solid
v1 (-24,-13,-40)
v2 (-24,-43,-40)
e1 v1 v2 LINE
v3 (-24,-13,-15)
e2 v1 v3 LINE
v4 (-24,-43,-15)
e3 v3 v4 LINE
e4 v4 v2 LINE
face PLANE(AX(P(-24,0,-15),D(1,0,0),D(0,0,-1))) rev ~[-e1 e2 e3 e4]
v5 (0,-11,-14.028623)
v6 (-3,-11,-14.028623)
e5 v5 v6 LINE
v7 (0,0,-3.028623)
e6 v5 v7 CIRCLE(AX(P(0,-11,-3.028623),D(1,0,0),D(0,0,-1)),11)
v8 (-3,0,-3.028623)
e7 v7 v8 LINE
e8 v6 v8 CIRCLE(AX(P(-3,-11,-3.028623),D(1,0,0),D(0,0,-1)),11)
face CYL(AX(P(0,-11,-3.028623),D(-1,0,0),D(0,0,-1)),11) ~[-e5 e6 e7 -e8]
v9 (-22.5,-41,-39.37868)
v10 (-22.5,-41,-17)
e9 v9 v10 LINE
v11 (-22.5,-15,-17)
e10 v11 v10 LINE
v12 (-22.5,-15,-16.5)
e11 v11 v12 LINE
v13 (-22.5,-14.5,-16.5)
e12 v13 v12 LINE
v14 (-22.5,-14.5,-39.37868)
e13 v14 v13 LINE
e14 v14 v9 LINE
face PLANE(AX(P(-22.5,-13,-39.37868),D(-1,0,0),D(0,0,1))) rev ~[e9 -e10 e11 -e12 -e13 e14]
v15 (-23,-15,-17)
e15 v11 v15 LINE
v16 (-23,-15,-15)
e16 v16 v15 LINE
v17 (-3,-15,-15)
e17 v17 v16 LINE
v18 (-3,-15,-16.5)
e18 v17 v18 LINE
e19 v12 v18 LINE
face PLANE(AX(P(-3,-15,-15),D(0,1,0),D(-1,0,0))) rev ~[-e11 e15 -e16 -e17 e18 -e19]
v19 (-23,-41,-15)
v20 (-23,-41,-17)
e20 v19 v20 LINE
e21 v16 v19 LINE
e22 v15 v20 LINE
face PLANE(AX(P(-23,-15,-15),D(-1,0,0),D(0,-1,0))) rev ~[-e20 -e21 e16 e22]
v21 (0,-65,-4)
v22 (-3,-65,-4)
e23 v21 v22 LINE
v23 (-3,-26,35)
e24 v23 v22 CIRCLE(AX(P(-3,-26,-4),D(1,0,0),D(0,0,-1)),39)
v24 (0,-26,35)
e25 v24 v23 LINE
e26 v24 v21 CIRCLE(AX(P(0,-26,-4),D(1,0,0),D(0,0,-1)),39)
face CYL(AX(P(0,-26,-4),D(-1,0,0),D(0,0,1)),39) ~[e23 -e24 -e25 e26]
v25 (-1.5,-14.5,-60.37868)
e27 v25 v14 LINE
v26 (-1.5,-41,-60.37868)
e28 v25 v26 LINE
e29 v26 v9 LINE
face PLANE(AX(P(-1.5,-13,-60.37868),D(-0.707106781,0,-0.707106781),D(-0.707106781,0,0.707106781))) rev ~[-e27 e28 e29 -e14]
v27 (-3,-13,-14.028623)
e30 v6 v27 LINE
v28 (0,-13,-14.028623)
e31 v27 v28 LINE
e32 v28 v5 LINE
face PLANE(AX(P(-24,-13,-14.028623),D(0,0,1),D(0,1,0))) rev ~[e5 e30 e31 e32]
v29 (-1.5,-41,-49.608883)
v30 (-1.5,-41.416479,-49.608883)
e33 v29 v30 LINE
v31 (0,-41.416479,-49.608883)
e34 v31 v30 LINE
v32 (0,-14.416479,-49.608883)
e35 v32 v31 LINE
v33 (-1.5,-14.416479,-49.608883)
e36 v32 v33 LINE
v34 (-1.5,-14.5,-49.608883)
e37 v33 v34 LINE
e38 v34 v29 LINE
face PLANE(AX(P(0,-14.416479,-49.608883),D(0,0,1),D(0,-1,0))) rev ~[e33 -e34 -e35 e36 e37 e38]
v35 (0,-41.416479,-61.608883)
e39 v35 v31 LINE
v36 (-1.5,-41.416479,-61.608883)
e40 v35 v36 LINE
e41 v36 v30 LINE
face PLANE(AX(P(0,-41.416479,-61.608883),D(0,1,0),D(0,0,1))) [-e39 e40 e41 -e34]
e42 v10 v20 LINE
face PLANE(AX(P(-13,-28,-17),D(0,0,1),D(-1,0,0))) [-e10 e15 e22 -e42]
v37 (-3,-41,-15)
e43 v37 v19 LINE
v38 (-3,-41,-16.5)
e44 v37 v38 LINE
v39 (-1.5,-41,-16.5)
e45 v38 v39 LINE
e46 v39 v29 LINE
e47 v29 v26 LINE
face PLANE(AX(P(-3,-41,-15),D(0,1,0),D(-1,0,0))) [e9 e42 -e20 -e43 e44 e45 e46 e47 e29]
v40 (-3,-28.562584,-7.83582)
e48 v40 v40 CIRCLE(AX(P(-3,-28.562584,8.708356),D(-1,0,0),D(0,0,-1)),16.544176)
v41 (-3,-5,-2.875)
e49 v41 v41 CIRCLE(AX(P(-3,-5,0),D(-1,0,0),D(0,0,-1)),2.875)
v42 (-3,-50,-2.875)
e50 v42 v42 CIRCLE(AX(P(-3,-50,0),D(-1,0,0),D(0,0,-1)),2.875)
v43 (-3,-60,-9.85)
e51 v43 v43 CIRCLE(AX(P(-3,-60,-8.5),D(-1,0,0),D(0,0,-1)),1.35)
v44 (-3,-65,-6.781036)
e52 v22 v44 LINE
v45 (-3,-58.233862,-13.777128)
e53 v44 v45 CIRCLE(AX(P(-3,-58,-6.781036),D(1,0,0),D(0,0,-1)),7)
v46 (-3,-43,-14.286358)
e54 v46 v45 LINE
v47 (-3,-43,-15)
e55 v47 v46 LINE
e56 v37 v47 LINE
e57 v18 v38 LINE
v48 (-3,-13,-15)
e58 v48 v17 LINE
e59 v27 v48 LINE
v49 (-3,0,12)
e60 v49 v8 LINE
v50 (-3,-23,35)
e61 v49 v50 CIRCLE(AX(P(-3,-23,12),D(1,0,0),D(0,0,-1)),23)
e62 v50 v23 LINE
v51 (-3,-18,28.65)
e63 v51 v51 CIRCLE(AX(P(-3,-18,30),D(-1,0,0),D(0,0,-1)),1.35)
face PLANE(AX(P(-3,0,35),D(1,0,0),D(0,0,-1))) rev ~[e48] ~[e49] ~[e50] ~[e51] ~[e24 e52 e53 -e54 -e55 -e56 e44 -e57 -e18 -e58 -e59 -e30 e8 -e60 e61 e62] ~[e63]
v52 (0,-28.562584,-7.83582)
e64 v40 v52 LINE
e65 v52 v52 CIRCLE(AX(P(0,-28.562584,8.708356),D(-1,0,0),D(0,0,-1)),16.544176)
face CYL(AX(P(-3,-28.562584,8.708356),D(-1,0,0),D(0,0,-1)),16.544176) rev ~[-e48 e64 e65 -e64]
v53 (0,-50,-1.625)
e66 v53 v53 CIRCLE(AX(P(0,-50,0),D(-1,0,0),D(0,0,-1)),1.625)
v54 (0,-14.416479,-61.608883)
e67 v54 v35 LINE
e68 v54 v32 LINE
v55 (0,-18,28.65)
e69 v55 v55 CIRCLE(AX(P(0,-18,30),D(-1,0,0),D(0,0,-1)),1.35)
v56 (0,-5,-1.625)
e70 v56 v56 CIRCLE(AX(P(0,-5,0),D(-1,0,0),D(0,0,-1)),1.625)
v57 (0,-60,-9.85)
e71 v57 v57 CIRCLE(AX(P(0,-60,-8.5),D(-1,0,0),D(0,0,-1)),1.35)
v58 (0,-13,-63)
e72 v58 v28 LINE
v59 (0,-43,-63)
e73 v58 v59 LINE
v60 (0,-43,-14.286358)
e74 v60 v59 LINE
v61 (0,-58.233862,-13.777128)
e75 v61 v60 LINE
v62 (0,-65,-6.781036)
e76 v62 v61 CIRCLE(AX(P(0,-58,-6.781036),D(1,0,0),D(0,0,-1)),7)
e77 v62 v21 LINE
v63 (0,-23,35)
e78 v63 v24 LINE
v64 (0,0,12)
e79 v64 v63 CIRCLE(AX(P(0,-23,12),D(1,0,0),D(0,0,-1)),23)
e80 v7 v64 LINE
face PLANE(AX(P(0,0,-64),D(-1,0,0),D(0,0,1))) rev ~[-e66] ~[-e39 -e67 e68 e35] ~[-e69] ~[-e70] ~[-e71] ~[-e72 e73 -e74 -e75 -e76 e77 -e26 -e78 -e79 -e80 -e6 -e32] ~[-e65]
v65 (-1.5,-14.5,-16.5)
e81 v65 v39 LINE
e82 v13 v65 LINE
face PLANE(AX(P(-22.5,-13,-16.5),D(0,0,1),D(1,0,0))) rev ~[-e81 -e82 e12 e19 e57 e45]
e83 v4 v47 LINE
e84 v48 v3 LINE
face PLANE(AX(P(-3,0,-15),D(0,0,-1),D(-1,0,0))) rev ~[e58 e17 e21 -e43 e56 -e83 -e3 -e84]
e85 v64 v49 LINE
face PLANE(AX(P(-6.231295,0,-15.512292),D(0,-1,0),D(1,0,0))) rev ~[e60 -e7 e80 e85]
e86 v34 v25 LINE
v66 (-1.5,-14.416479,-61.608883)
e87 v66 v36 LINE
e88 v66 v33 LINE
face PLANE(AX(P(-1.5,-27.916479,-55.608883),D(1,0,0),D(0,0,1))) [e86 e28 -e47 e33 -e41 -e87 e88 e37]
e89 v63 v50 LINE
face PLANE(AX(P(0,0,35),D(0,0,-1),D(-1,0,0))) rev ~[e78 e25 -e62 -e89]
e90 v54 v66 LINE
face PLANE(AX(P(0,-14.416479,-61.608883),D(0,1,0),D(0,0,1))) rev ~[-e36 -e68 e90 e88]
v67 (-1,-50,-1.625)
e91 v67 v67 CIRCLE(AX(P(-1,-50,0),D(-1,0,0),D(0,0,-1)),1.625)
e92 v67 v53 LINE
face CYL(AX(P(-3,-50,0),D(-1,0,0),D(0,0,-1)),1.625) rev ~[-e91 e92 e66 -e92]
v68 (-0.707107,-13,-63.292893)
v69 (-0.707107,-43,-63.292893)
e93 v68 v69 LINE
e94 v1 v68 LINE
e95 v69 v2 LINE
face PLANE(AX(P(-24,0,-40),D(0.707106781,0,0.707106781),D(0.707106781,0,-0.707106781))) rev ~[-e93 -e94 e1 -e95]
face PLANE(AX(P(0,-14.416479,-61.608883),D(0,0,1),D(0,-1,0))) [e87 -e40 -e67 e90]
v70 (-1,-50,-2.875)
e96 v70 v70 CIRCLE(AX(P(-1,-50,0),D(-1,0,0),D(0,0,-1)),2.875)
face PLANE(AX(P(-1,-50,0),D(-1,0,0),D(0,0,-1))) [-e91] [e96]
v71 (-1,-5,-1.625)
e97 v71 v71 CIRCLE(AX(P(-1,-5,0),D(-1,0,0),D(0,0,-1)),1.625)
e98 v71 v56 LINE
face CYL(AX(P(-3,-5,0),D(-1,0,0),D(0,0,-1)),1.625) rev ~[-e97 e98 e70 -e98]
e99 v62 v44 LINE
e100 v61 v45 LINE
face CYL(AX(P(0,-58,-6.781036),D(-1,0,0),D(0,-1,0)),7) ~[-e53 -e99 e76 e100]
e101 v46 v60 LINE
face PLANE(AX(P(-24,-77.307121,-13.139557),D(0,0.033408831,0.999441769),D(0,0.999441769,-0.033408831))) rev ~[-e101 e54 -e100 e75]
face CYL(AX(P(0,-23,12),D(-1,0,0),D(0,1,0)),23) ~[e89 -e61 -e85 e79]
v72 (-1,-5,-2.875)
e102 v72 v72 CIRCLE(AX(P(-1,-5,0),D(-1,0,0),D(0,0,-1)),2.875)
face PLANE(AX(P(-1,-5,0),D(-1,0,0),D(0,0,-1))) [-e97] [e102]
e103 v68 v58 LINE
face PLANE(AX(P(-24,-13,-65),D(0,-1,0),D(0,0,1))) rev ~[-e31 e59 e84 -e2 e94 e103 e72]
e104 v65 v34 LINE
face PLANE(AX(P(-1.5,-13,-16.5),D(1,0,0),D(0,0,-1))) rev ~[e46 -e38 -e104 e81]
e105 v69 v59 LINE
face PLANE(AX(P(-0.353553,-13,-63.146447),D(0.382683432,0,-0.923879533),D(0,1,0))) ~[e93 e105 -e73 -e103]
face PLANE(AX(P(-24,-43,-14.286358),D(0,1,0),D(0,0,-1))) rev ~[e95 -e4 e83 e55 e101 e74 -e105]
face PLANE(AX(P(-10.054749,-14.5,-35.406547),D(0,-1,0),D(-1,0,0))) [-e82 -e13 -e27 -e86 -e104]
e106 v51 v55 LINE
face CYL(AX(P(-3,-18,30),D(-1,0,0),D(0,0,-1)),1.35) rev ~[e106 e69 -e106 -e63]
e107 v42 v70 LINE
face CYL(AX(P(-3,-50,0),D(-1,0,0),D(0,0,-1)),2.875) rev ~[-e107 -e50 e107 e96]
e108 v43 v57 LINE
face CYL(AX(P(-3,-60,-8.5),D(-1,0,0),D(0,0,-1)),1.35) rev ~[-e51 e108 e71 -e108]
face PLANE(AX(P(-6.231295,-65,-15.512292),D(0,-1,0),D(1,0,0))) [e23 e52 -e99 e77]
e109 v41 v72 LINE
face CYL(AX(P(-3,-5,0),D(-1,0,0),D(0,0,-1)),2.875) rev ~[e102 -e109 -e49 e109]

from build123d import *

# Parameters (mm, degrees)
PAD_DEPTH       = 65
SKETCH052_R     = 1.625
POCKET_DEPTH    = 5
SKETCH053_R     = 2.875
POCKET001_DEPTH = 2
SKETCH054_R     = 1.35
POCKET002_DEPTH = 5
SKETCH055_W     = 20
SKETCH055_H     = 26
POCKET003_DEPTH = 2
POCKET004_DEPTH = 28
POCKET005_DEPTH = 28
PAD001_DEPTH    = 1.5
SKETCH062_W     = 12
SKETCH062_H     = 27
POCKET006_DEPTH = 1.5
CHAMFER_SIZE    = 1
FILLET_R        = 11
FILLET001_R     = 23
FILLET002_R     = 39
FILLET003_R     = 7
SKETCH063_R     = 16.544176
POCKET007_DEPTH = 5


with BuildPart() as part:
    # Sketch → Pad (new body)
    with BuildSketch(Plane.XZ):
        Polygon((0, -64), (0, 35), (-3, 35), (-3, -15), (-24, -15), (-24, -40), align=None)
    extrude(amount=PAD_DEPTH)

    # Sketch052 (on Face3 of Pad) → Pocket (cut)
    with BuildSketch(Plane(origin=(-3, 0, 0), x_dir=(0, 0, -1), z_dir=(-1, 0, 0))):
        with Locations((0, 5)):
            Circle(SKETCH052_R)
        with Locations((0, 50)):
            Circle(SKETCH052_R)
    extrude(amount=-POCKET_DEPTH, mode=Mode.SUBTRACT)

    # Sketch053 (on Face9 of Pocket) → Pocket001 (cut)
    with BuildSketch(Plane(origin=(-3, 0, 0), x_dir=(0, 0, -1), z_dir=(-1, 0, 0))):
        with Locations((0, 50)):
            Circle(SKETCH053_R)
        with Locations((0, 5)):
            Circle(SKETCH053_R)
    extrude(amount=-POCKET001_DEPTH, mode=Mode.SUBTRACT)

    # Sketch054 (on Face9 of Pocket001) → Pocket002 (cut)
    with BuildSketch(Plane(origin=(-3, 0, 0), x_dir=(0, 0, -1), z_dir=(-1, 0, 0))):
        with Locations((8.5, 60)):
            Circle(SKETCH054_R)
        with Locations((-30, 18)):
            Circle(SKETCH054_R)
    extrude(amount=-POCKET002_DEPTH, mode=Mode.SUBTRACT)

    # Sketch055 (on Face12 of Pocket002) → Pocket003 (cut)
    with BuildSketch(Plane(origin=(0, 0, -15), x_dir=(-1, 0, 0), z_dir=(0, 0, 1))):
        with Locations((13, 28)):
            Rectangle(SKETCH055_W, SKETCH055_H)
    extrude(amount=-POCKET003_DEPTH, mode=Mode.SUBTRACT)

    # Sketch056 (on Face10 of Pocket003) → Pocket004 (cut)
    with BuildSketch(Plane(origin=(-24, 0, 0), x_dir=(0, 0, -1), z_dir=(-1, 0, 0))):
        Polygon((14.286358, 43), (65, 43), (65, 13), (14.028623, 13), (14.028623, -3.205193), (140.957237, -3.205193), (140.957237, 77.307121), (13.139557, 77.307121), align=None)
    extrude(amount=-POCKET004_DEPTH, mode=Mode.SUBTRACT)

    # Sketch057 (on Face2 of Pocket004) → Pocket005 (cut)
    with BuildSketch(Plane(origin=(0, -13, 0), x_dir=(1, 0, 0), z_dir=(0, 1, 0))):
        Polygon((-22.5, 16.5), (-1.5, 16.5), (-1.5, 60.37868), (-22.5, 39.37868), align=None)
    extrude(amount=-POCKET005_DEPTH, mode=Mode.SUBTRACT)

    # Sketch061 (on Face2 of Pocket005) → Pad001 (join)
    with BuildSketch(Plane(origin=(0, -13, 0), x_dir=(1, 0, 0), z_dir=(0, 1, 0))):
        Polygon((-1.009204, 15.459926), (-23.050085, 15.459926), (-23.050085, 39.634087), (-1.009204, 61.831638), align=None)
    extrude(amount=-PAD001_DEPTH)

    # Sketch062 (on Face1 of Pad001) → Pocket006 (cut)
    with BuildSketch(Plane(origin=(0, 0, 0), x_dir=(0, 0, 1), z_dir=(1, 0, 0))):
        with Locations((-55.608883, 27.916479)):
            Rectangle(SKETCH062_W, SKETCH062_H)
    extrude(amount=-POCKET006_DEPTH, mode=Mode.SUBTRACT)

    # Chamfer
    chamfer_edges = [part.edges().sort_by_distance(p)[0] for p in [
        (0, -28, -64),
    ]]
    chamfer(chamfer_edges, length=CHAMFER_SIZE)

    # Fillet
    fillet_edges = [part.edges().sort_by_distance(p)[0] for p in [
        (-1.5, 0, -14.028623),
    ]]
    fillet(fillet_edges, radius=FILLET_R)

    # Fillet001
    fillet001_edges = [part.edges().sort_by_distance(p)[0] for p in [
        (-1.5, 0, 35),
    ]]
    fillet(fillet001_edges, radius=FILLET001_R)

    # Fillet002
    fillet002_edges = [part.edges().sort_by_distance(p)[0] for p in [
        (-1.5, -65, 35),
    ]]
    fillet(fillet002_edges, radius=FILLET002_R)

    # Fillet003
    fillet003_edges = [part.edges().sort_by_distance(p)[0] for p in [
        (-1.5, -65, -13.550953),
    ]]
    fillet(fillet003_edges, radius=FILLET003_R)

    # Sketch063 (on Face22 of Fillet003) → Pocket007 (cut)
    with BuildSketch(Plane(origin=(-3, 0, 0), x_dir=(0, 0, -1), z_dir=(-1, 0, 0))):
        with Locations((-8.708356, 28.562584)):
            Circle(SKETCH063_R)
    extrude(amount=-POCKET007_DEPTH, mode=Mode.SUBTRACT)


solid = part.part
